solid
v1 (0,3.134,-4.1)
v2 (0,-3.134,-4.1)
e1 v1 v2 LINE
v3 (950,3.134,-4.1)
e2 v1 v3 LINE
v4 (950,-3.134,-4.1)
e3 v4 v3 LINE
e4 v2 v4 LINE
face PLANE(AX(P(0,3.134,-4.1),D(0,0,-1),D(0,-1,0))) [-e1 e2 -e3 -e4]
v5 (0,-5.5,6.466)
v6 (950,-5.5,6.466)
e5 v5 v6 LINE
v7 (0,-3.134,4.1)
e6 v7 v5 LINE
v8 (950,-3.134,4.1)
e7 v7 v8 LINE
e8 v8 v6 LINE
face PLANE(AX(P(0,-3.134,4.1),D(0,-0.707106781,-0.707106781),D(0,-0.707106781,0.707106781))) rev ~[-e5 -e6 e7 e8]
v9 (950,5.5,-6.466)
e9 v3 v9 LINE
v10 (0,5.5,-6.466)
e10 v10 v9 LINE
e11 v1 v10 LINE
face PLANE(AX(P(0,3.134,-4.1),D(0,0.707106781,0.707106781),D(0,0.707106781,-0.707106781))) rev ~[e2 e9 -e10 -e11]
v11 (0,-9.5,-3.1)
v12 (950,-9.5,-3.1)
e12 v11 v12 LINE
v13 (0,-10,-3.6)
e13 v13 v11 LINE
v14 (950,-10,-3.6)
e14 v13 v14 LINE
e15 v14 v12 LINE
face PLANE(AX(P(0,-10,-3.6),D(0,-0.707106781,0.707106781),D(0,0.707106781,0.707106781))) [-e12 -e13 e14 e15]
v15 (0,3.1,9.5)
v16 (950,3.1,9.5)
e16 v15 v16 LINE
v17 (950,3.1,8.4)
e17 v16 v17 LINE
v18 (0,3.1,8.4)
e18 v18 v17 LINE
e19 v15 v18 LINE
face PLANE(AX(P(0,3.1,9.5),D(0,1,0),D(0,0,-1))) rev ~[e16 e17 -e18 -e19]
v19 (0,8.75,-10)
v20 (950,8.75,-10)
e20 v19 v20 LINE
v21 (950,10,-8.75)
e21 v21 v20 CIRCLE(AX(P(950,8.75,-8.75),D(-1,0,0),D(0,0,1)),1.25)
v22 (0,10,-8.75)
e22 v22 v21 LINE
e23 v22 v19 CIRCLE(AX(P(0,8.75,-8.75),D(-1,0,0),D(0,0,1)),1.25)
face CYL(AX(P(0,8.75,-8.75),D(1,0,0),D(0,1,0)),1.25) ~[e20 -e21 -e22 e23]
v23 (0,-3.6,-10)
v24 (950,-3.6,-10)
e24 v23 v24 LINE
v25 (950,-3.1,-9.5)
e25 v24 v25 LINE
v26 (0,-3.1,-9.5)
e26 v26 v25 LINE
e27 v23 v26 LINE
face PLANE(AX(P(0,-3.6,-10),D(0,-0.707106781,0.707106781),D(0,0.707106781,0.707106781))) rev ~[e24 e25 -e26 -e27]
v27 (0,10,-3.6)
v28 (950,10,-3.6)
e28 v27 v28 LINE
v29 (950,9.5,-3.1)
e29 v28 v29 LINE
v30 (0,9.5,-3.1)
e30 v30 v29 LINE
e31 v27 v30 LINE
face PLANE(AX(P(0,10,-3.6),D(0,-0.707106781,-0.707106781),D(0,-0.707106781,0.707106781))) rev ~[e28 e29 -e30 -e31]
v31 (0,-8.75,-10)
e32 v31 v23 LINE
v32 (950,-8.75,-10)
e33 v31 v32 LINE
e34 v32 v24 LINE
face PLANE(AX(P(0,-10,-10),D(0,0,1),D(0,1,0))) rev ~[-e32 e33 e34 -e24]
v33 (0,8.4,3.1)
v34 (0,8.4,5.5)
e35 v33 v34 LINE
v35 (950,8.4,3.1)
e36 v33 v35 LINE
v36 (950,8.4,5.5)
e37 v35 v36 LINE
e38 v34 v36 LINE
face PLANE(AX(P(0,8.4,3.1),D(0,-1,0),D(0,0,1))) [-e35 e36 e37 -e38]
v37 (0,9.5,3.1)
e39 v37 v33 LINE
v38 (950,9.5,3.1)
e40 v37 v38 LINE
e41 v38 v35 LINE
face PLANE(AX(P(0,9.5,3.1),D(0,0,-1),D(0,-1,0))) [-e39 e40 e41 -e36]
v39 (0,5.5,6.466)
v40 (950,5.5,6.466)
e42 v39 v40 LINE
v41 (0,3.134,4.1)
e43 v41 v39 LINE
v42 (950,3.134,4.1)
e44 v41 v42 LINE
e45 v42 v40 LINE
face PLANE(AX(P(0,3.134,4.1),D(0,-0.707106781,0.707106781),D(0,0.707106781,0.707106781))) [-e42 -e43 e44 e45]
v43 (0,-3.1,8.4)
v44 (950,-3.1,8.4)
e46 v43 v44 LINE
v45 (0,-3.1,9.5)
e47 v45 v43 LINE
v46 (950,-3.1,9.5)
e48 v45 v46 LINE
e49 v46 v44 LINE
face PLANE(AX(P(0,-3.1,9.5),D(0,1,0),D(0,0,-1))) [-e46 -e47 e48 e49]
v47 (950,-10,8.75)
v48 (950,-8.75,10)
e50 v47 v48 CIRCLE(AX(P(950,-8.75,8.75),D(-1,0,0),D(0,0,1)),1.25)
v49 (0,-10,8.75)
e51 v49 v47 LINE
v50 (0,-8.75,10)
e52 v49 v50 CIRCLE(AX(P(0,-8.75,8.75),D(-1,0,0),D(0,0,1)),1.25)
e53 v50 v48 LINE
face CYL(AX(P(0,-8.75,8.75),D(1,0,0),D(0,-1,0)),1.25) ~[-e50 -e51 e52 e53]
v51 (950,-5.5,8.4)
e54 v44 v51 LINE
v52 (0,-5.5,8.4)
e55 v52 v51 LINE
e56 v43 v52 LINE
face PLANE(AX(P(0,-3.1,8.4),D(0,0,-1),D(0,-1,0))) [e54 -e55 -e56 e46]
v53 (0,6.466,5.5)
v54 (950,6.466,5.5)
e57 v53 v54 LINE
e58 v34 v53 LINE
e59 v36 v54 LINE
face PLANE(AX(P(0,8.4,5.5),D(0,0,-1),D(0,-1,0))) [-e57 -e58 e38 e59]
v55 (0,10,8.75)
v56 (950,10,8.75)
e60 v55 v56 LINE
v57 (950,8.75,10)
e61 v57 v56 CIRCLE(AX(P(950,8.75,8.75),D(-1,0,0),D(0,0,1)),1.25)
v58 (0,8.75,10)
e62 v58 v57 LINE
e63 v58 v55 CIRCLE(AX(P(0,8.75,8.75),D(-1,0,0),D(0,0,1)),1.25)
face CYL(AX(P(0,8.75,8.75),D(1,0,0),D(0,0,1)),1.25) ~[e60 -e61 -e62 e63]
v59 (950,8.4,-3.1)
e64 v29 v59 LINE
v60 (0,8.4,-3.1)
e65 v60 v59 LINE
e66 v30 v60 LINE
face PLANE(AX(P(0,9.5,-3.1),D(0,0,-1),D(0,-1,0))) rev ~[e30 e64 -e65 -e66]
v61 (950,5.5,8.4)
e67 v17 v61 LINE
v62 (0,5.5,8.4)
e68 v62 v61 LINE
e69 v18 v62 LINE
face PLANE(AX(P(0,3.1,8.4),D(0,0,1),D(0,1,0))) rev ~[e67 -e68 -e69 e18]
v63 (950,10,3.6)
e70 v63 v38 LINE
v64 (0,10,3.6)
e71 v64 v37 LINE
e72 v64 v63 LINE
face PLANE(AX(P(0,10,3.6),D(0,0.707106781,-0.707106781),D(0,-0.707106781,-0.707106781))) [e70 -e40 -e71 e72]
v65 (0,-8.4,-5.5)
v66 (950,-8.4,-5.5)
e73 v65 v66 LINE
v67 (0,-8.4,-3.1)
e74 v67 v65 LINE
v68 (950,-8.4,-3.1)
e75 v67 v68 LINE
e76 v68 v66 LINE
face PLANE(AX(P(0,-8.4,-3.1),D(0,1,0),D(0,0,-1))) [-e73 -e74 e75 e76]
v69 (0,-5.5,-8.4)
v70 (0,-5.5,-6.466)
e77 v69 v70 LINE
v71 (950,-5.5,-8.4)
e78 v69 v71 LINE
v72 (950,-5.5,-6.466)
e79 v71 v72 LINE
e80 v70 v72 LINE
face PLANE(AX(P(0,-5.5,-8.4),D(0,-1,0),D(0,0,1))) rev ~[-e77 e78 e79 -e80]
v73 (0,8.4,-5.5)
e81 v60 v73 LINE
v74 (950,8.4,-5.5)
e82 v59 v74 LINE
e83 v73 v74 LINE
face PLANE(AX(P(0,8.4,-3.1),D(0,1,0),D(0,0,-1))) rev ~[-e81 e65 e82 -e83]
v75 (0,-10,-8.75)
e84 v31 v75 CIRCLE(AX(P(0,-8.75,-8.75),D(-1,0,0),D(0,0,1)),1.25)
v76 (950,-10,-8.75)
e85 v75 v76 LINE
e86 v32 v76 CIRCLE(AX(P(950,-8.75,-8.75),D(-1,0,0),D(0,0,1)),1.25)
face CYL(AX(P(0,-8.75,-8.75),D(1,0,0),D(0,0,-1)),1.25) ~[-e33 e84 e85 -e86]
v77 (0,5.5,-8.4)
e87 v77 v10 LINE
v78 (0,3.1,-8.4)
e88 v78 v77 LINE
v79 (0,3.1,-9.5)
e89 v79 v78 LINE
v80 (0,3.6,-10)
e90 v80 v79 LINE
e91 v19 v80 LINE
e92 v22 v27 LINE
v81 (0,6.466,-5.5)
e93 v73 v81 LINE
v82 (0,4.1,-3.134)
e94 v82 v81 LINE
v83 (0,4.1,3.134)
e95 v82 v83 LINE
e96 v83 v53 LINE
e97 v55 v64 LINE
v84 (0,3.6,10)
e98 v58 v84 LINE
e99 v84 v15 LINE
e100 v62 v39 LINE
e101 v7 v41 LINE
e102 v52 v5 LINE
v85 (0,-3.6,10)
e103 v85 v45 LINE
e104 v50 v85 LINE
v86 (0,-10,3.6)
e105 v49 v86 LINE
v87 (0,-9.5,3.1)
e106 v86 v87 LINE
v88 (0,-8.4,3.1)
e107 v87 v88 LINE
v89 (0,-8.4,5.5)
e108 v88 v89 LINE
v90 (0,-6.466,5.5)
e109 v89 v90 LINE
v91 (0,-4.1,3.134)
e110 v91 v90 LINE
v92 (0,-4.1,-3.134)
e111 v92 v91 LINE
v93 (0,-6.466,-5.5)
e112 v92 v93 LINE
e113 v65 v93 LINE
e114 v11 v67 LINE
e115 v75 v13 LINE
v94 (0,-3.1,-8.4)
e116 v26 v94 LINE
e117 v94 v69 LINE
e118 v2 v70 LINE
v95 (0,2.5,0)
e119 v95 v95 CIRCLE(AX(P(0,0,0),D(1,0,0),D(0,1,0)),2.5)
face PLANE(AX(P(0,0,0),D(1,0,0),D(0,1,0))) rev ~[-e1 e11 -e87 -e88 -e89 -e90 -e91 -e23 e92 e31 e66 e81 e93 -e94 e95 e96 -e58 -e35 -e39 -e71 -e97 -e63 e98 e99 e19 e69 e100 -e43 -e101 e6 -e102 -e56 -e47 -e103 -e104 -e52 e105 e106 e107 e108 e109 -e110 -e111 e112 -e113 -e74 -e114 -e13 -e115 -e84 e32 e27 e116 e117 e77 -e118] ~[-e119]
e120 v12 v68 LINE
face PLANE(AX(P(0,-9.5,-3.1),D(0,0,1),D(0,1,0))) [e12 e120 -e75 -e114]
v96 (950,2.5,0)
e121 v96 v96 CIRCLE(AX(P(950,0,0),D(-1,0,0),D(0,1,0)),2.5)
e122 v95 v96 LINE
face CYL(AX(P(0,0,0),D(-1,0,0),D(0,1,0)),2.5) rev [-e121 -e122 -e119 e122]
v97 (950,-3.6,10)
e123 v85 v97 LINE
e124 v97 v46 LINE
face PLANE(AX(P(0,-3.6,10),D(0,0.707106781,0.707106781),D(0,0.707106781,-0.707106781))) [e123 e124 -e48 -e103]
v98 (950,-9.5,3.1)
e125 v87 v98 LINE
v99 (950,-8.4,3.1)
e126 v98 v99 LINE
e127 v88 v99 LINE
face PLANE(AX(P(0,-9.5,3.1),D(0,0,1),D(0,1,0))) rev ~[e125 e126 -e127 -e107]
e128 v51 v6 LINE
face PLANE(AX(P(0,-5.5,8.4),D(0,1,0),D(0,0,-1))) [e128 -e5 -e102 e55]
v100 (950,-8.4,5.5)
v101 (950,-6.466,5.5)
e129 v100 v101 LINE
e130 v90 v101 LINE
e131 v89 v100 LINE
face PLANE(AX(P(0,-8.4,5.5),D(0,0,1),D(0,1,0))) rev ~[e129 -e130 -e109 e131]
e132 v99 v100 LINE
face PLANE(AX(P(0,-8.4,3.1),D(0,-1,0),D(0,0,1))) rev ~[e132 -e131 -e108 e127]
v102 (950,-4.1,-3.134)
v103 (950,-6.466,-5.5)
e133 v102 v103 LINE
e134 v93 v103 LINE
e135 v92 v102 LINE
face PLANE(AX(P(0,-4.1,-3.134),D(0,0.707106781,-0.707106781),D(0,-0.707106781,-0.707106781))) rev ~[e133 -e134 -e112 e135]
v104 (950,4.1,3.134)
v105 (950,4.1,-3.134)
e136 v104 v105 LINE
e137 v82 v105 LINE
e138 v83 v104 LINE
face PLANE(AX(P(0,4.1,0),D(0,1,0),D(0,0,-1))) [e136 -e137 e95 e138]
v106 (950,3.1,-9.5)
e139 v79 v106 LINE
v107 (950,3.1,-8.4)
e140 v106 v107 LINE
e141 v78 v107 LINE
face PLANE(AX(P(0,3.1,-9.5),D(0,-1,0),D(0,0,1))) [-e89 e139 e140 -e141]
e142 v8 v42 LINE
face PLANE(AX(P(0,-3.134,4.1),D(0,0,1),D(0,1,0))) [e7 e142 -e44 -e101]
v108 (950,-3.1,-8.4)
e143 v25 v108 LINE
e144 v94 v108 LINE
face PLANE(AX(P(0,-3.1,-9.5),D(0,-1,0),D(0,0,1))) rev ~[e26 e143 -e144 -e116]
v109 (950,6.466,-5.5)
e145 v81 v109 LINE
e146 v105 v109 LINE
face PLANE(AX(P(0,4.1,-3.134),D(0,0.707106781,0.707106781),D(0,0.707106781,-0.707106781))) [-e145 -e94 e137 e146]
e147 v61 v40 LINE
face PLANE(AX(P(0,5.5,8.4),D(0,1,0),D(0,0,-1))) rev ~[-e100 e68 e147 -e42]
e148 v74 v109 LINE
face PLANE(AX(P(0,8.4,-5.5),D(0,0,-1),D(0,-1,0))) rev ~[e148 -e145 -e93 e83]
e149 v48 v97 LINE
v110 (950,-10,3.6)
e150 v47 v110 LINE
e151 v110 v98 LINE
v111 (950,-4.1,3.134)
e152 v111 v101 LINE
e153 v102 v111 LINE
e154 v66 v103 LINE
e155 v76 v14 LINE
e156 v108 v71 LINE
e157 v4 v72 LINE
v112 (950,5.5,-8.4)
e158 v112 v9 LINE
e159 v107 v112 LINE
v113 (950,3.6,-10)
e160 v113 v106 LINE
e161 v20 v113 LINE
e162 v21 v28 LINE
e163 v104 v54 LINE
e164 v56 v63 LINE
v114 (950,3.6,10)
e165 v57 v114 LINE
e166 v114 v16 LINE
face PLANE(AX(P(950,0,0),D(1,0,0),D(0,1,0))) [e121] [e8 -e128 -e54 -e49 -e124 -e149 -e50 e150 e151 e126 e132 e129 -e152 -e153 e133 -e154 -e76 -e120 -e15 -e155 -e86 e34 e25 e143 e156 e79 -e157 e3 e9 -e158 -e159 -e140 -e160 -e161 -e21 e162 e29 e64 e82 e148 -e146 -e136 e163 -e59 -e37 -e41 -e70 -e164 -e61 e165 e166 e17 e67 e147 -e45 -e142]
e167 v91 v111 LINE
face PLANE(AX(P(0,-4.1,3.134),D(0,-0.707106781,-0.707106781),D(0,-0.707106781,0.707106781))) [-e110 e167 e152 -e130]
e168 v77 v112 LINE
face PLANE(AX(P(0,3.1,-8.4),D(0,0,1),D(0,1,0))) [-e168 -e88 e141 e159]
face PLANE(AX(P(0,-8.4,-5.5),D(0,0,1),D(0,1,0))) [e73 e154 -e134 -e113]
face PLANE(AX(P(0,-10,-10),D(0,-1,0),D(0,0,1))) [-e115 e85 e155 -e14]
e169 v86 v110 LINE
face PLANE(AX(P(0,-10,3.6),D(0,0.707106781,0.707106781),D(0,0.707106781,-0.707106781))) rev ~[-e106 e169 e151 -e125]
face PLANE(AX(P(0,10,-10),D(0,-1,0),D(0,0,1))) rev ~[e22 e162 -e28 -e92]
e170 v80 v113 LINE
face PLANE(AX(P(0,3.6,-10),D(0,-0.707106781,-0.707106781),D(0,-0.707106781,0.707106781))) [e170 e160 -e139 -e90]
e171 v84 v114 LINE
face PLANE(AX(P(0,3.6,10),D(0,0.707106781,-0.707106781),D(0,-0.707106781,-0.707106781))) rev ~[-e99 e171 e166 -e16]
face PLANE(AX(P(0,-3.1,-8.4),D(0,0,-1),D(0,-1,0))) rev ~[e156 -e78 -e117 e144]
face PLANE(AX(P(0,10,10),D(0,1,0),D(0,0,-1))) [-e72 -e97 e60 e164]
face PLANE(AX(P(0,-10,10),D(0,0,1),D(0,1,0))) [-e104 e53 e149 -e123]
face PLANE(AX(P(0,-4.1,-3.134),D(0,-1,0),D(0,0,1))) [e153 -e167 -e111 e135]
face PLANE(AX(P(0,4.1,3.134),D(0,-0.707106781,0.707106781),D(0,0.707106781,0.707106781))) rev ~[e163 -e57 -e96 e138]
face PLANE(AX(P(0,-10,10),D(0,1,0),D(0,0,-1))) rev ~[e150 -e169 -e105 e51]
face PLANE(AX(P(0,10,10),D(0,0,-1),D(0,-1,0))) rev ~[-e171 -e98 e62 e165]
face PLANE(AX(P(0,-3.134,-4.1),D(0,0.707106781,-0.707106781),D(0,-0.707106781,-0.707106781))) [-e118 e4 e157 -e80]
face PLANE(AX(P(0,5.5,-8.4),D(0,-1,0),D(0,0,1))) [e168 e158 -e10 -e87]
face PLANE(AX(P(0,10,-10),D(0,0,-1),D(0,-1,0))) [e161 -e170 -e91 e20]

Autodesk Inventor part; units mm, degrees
ref_plane "YZ Plane" through (0, 0, 0) normal (1, 0, 0) x (0, 1, 0)
ref_plane "XZ Plane" through (0, 0, 0) normal (0, 1, 0) x (-1, 0, 0)
ref_plane "XY Plane" through (0, 0, 0) normal (0, 0, 1) x (1, 0, 0)
sketch "Sketch1" plane through (0, 0, 0) normal (1, 0, 0) x (0, 1, 0)
  circle A0 centre (0, 0) radius 2.5
  line L0 (0, 0) -> (10, 0)
  line L1 (10, -10) -> (10, -3.6)
  line L2 (10, -3.6) -> (9.5, -3.1)
  line L3 (9.5, -3.1) -> (8.4, -3.1)
  line L4 (8.4, -3.1) -> (8.4, -5.5)
  line L5 (-3.134, 4.1) -> (3.134, 4.1)
  line L6 (4.1, 3.134) -> (4.1, -3.134)
  line L7 (3.134, -4.1) -> (-3.134, -4.1)
  line L8 (-4.1, -3.134) -> (-4.1, 3.134)
  line L9 (-4.1, 4.1) -> (4.1, -4.1) construction
  line L10 (4.1, 4.1) -> (-4.1, -4.1) construction
  line L11 (4.1, -3.134) -> (6.466, -5.5)
  line L12 (8.4, -5.5) -> (6.466, -5.5)
  line L13 (10, -10) -> (3.6, -10)
  line L14 (3.6, -10) -> (3.1, -9.5)
  line L15 (3.1, -9.5) -> (3.1, -8.4)
  line L16 (3.1, -8.4) -> (5.5, -8.4)
  line L17 (3.134, -4.1) -> (5.5, -6.466)
  line L18 (5.5, -8.4) -> (5.5, -6.466)
  line L19 (10, 10) -> (10, 3.6)
  line L20 (10, 3.6) -> (9.5, 3.1)
  line L21 (9.5, 3.1) -> (8.4, 3.1)
  line L22 (8.4, 3.1) -> (8.4, 5.5)
  line L23 (4.1, 3.134) -> (6.466, 5.5)
  line L24 (8.4, 5.5) -> (6.466, 5.5)
  line L25 (5.5, 8.4) -> (5.5, 6.466)
  line L26 (3.134, 4.1) -> (5.5, 6.466)
  line L27 (3.1, 8.4) -> (5.5, 8.4)
  line L28 (3.1, 9.5) -> (3.1, 8.4)
  line L29 (3.6, 10) -> (3.1, 9.5)
  line L30 (10, 10) -> (3.6, 10)
  line L31 (0, 0) -> (0, -5.5)
  line L32 (-10, -10) -> (-10, -3.6)
  line L33 (-10, -3.6) -> (-9.5, -3.1)
  line L34 (-9.5, -3.1) -> (-8.4, -3.1)
  line L35 (-8.4, -3.1) -> (-8.4, -5.5)
  line L36 (-4.1, -3.134) -> (-6.466, -5.5)
  line L37 (-8.4, -5.5) -> (-6.466, -5.5)
  line L38 (-5.5, -8.4) -> (-5.5, -6.466)
  line L39 (-3.134, -4.1) -> (-5.5, -6.466)
  line L40 (-3.1, -8.4) -> (-5.5, -8.4)
  line L41 (-3.1, -9.5) -> (-3.1, -8.4)
  line L42 (-3.6, -10) -> (-3.1, -9.5)
  line L43 (-10, -10) -> (-3.6, -10)
  line L44 (-4.1, 3.134) -> (-6.466, 5.5)
  line L45 (-3.134, 4.1) -> (-5.5, 6.466)
  line L46 (-8.4, 3.1) -> (-8.4, 5.5)
  line L47 (-8.4, 5.5) -> (-6.466, 5.5)
  line L48 (-5.5, 8.4) -> (-5.5, 6.466)
  line L49 (-3.1, 8.4) -> (-5.5, 8.4)
  line L50 (-9.5, 3.1) -> (-8.4, 3.1)
  line L51 (-10, 3.6) -> (-9.5, 3.1)
  line L52 (-3.1, 9.5) -> (-3.1, 8.4)
  line L53 (-3.6, 10) -> (-3.1, 9.5)
  line L54 (-10, 10) -> (-3.6, 10)
  line L55 (-10, 10) -> (-10, 3.6)
  point P0 (-10, 0)
  dimension "d0" = 5
  dimension "d3" = 3.6
  dimension "d4" = 45
  dimension "d5" = 3.1
  dimension "d7" = 5.5
  dimension "d8" = 1.6
  dimension "d11" = 4.3
extrude "Extrusion1" add sketch "Sketch1" along normal blind 950 contours L0 L6 L11 L12 L4 L3 L2 L1 L13 L14 L15 L16 L18 L17 L7 L31 A0 | A0 L31 L7 L39 L38 L40 L41 L42 L43 L32 L33 L34 L35 L37 L36 L8 L44 L47 L46 L50 L51 L55 L54 L53 L52 L49 L48 L45 L5 L26 L25 L27 L28 L29 L30 L19 L20 L21 L22 L24 L23 L6 L0
fillet "Fillet1" radius 1.25 4 edges at (475, 10, 10) (475, -10, 10) (475, 10, -10) (475, -10, -10)
properties part number "2020-950mm"
